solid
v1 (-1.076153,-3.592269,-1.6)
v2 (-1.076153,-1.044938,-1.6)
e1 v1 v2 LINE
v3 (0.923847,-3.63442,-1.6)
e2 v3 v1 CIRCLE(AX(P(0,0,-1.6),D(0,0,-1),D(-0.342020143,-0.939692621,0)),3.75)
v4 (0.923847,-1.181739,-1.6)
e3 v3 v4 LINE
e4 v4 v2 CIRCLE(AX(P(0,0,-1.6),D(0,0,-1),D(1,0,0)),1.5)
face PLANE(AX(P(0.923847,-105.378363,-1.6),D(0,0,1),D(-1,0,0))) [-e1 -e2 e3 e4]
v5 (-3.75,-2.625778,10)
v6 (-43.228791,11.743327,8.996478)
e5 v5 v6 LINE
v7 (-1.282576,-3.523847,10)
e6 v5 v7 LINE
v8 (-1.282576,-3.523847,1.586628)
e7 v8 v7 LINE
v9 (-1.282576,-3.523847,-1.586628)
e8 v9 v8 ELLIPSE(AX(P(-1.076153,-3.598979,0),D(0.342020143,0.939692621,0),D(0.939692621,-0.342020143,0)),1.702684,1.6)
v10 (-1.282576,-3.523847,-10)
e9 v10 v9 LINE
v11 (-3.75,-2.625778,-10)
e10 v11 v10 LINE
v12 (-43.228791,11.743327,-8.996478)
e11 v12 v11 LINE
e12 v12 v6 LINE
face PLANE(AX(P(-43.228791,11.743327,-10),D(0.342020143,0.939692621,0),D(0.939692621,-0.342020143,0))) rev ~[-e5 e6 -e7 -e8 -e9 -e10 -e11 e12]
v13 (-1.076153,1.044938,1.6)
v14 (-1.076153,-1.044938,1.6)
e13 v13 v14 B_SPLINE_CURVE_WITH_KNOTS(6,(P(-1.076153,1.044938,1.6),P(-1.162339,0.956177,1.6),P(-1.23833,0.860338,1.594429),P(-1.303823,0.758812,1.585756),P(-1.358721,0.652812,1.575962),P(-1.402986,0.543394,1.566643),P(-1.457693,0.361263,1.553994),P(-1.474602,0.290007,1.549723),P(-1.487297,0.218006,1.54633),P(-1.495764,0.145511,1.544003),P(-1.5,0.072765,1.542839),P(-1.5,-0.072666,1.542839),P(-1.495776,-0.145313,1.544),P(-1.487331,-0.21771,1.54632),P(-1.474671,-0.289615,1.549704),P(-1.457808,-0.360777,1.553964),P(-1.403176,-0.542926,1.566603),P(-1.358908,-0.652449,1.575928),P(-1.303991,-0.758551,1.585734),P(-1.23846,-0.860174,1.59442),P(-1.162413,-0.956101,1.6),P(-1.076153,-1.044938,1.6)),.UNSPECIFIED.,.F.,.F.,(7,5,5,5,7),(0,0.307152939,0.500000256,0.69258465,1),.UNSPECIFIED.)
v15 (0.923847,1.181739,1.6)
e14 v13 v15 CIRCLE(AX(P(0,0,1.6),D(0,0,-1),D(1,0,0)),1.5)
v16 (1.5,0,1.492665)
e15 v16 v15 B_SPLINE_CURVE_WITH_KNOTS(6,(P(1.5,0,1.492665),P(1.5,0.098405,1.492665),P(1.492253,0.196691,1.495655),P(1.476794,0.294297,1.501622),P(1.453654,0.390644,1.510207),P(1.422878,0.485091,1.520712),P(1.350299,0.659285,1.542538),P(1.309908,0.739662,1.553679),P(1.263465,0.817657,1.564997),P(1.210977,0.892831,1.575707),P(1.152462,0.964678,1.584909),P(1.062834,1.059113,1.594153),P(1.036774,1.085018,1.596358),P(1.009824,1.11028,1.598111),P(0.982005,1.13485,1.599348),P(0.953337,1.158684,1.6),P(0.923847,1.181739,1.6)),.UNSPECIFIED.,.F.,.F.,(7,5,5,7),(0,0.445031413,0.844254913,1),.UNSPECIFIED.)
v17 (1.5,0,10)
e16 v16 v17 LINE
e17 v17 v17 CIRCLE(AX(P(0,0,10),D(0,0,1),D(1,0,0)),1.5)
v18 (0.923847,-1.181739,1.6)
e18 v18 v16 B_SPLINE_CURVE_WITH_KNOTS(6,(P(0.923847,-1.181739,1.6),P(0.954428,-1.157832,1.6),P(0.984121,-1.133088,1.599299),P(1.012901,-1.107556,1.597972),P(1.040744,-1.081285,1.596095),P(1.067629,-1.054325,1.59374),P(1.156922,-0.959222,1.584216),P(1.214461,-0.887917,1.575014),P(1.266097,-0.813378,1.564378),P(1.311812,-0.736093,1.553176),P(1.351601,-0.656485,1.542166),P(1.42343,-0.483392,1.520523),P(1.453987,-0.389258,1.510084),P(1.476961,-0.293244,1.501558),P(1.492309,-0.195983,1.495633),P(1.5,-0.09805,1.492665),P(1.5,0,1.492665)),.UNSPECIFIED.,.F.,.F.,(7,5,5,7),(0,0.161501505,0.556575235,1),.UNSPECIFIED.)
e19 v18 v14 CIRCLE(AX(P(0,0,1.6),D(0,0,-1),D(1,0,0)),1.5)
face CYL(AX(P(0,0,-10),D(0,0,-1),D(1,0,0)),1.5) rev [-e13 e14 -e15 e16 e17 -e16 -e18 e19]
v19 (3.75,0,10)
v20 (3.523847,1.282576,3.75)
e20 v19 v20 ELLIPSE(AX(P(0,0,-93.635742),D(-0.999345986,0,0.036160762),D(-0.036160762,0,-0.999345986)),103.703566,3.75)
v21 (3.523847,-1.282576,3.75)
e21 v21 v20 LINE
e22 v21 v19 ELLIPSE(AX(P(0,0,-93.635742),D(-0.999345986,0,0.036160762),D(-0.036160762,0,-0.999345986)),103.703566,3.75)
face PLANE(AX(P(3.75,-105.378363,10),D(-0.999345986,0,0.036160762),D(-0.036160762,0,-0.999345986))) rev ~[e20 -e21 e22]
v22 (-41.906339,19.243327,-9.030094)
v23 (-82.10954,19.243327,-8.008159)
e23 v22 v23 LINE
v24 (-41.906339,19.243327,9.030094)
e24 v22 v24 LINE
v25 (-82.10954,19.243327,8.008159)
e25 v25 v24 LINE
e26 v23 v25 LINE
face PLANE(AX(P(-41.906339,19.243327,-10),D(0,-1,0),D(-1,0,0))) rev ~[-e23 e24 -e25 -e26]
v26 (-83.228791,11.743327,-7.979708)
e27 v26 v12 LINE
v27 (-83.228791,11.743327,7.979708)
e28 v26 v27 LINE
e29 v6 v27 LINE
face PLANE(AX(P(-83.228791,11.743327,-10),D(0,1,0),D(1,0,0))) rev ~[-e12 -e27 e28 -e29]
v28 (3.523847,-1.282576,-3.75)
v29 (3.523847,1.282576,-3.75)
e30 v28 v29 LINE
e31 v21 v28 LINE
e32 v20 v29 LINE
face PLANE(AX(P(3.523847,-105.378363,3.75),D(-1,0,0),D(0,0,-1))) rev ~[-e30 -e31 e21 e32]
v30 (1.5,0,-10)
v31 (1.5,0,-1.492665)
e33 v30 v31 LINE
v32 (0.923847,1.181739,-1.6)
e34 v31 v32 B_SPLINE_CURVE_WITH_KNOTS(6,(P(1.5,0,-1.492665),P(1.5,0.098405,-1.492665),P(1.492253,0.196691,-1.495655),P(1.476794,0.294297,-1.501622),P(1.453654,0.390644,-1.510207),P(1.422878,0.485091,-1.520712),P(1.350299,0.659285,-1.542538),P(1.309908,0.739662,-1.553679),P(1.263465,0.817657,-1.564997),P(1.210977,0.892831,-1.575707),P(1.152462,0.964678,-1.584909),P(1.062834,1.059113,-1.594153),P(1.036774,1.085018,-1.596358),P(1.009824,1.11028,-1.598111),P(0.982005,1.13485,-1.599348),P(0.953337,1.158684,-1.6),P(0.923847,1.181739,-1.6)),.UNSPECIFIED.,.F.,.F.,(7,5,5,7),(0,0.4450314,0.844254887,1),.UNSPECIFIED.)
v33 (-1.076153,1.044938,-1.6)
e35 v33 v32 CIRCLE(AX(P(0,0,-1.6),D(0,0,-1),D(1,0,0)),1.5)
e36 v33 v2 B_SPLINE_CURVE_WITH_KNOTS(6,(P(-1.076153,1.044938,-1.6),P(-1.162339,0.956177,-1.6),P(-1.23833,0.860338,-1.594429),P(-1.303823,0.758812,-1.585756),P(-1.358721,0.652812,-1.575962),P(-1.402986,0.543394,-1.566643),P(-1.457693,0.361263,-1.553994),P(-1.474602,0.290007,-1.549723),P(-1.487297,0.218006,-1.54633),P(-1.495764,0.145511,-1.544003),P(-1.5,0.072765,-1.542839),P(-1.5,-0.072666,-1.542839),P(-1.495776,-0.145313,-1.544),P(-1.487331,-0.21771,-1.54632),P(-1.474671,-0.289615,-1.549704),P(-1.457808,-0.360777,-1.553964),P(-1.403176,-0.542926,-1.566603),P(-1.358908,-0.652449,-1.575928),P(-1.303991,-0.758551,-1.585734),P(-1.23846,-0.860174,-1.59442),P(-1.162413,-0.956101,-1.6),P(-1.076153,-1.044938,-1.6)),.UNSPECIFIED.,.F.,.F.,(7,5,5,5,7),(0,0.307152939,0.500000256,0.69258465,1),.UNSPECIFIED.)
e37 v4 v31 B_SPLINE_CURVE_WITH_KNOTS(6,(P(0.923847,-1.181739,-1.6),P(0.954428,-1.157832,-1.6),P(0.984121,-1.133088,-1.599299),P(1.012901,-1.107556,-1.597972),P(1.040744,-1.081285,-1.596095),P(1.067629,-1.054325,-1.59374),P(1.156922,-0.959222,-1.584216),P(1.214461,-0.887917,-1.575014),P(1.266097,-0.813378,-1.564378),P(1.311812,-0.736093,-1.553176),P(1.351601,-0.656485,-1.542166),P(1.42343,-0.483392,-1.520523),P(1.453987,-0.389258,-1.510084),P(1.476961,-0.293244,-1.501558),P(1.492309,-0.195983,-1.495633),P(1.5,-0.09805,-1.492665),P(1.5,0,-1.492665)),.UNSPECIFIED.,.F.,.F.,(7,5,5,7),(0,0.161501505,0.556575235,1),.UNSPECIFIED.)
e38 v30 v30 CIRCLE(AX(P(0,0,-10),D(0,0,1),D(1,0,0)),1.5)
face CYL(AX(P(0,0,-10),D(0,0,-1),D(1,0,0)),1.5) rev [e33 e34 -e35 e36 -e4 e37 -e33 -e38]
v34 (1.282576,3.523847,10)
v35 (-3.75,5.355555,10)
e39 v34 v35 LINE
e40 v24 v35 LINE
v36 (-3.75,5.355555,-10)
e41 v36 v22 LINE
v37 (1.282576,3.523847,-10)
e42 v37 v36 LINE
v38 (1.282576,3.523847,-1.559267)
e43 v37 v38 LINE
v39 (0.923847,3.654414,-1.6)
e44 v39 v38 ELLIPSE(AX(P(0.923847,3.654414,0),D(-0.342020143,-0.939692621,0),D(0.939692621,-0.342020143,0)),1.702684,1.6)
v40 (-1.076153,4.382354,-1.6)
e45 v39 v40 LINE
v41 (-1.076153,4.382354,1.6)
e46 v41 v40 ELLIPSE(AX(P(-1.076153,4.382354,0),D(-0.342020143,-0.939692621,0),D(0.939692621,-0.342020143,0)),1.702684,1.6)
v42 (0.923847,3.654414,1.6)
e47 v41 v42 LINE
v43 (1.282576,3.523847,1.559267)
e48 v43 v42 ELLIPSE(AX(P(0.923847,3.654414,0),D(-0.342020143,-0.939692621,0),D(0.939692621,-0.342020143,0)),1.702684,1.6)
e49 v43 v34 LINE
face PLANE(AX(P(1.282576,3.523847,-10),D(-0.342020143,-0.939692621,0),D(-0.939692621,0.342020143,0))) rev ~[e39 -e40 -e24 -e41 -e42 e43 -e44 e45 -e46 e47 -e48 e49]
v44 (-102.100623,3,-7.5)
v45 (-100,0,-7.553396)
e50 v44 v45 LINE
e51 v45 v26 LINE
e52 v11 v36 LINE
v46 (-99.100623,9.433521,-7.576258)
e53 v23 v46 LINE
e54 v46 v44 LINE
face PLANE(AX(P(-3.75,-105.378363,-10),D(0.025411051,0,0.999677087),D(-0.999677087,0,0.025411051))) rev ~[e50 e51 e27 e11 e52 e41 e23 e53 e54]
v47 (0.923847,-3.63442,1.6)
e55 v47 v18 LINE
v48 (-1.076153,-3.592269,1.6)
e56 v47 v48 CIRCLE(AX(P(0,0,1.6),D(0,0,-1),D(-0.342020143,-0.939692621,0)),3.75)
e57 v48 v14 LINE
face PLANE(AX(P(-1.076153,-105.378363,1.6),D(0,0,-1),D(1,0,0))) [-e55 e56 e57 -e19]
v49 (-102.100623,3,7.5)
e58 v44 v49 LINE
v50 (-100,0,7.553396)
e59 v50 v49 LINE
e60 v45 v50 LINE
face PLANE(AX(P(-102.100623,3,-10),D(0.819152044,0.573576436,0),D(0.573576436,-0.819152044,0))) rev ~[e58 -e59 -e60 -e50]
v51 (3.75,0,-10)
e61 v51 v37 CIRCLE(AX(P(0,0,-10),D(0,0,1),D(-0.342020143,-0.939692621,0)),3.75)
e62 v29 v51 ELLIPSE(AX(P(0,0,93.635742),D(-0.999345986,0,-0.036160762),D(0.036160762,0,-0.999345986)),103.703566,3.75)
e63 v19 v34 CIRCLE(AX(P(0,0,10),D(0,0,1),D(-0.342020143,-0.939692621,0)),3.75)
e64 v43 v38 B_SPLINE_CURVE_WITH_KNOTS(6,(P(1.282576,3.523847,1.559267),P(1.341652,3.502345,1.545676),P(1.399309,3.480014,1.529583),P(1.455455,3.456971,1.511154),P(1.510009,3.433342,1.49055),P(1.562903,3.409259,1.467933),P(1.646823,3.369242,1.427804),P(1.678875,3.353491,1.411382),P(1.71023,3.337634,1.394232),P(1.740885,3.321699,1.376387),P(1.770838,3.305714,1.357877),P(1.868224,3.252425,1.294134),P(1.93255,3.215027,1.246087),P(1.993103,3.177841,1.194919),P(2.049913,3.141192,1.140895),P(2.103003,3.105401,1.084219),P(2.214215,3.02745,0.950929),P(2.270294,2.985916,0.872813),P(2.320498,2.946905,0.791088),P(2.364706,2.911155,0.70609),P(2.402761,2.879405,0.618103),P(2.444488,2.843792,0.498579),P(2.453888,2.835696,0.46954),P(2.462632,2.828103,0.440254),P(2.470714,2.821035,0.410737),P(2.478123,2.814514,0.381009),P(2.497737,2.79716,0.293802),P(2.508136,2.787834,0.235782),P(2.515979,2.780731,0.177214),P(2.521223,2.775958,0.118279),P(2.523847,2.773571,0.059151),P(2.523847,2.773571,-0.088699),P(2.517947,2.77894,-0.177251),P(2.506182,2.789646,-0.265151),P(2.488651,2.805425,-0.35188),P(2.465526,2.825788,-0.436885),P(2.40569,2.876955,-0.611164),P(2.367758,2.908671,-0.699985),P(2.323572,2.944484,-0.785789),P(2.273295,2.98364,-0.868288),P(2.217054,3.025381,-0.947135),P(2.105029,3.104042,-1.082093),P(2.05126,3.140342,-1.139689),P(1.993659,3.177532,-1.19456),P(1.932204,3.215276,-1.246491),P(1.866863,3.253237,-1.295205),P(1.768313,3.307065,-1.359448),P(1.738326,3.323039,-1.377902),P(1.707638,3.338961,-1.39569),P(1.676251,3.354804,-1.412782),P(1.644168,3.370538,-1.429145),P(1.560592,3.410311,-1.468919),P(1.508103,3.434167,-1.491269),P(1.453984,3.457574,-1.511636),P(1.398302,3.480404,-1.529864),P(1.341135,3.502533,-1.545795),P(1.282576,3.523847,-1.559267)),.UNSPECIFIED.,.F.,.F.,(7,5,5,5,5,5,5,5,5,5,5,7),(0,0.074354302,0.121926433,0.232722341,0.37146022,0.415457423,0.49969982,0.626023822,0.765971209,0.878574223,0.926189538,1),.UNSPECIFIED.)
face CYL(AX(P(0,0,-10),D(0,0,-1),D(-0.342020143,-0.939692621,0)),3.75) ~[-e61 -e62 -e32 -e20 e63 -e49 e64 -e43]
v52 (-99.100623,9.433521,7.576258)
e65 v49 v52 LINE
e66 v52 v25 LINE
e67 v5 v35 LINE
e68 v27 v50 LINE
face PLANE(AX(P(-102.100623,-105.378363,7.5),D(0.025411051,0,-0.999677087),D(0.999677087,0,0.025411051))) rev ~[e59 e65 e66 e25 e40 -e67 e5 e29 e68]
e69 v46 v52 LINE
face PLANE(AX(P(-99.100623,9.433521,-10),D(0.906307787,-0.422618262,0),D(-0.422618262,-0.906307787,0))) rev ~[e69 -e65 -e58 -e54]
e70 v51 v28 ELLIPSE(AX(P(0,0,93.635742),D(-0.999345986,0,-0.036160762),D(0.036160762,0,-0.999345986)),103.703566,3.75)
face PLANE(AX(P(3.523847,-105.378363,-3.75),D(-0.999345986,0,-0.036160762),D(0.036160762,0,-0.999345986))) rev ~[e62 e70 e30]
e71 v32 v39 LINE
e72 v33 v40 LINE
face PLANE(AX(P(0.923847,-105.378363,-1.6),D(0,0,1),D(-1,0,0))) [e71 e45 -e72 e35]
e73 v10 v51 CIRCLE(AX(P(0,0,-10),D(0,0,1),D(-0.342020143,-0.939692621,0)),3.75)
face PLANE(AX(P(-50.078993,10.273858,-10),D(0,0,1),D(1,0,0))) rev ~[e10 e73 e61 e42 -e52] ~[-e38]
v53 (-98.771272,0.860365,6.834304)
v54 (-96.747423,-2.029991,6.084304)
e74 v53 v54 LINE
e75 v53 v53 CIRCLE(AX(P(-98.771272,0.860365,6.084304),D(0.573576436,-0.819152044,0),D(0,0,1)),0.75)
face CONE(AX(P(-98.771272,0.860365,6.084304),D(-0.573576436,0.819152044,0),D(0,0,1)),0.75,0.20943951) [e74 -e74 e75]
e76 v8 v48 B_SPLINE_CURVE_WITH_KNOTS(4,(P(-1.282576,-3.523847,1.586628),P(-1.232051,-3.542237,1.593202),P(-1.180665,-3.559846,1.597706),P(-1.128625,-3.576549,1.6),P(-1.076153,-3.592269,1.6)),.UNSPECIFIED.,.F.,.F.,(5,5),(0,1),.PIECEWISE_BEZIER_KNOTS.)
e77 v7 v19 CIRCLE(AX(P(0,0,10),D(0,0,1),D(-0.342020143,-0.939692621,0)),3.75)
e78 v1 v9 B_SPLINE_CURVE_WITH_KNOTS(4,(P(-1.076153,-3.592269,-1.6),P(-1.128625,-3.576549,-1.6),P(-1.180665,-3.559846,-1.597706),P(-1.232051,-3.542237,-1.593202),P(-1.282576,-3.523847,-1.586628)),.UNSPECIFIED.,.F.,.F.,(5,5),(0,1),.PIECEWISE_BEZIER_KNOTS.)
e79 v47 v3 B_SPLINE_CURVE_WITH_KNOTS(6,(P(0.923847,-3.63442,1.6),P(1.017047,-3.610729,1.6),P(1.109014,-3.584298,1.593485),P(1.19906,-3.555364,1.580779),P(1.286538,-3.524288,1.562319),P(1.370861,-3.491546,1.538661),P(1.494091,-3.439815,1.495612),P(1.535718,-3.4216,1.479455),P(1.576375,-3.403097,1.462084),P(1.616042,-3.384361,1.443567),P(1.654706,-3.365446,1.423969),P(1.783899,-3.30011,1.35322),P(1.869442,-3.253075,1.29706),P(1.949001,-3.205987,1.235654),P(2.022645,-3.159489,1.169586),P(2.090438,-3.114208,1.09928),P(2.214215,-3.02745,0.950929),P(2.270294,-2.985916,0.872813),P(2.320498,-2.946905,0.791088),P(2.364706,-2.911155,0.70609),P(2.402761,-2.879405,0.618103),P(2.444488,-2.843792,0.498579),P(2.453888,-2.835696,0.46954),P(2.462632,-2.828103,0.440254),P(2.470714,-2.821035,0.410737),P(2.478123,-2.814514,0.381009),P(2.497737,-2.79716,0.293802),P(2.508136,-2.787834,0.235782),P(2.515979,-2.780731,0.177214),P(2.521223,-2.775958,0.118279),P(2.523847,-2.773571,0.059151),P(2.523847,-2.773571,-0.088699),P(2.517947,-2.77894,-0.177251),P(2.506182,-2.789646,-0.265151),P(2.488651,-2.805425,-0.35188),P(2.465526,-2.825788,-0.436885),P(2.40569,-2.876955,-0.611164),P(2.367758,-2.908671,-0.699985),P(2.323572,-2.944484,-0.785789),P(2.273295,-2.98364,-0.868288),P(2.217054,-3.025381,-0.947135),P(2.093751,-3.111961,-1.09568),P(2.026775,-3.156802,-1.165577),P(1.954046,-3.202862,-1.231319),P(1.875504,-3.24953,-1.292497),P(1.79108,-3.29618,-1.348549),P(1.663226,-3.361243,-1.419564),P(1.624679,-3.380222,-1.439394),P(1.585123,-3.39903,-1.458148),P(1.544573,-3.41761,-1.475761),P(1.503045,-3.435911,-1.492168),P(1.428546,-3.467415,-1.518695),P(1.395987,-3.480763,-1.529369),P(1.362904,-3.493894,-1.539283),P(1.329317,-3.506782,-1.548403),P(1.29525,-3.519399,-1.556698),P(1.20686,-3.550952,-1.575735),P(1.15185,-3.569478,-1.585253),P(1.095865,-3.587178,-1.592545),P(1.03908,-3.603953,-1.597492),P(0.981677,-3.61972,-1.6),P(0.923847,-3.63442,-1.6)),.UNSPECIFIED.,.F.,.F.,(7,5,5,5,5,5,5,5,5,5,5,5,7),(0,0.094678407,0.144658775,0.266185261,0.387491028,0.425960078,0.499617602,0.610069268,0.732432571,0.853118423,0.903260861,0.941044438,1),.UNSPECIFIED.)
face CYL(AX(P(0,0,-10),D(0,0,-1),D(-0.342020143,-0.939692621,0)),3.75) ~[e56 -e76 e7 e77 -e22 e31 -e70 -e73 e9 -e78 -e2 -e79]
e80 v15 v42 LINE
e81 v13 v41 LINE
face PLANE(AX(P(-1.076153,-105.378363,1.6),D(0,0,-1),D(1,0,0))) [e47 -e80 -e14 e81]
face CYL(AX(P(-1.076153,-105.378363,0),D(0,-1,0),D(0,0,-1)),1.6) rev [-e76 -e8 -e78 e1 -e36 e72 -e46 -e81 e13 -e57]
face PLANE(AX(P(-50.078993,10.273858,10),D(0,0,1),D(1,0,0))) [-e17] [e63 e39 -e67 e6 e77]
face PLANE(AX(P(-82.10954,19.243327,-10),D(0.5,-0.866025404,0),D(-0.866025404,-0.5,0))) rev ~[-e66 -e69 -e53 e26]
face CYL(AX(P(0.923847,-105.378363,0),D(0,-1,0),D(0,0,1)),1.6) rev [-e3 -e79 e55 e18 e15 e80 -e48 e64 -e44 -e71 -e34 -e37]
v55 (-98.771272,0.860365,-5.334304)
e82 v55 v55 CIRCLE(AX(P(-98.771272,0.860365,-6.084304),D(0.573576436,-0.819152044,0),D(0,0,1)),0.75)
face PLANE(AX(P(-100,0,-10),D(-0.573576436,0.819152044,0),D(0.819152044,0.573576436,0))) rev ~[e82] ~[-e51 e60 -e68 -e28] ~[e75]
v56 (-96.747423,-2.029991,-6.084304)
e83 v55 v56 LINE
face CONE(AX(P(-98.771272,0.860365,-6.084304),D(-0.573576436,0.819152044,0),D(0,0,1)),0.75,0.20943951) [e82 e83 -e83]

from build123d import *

# Parameters (mm, degrees)
BOSS_EXTRUDE2_DEPTH      = 10
BOSS_EXTRUDE2_DEPTH_BACK = 10
SKETCH3_R                = 1.5
TOP_FORM_DEPTH           = 105.378363468
TOP_FORM_DEPTH_BACK      = 105.378363468
SKETCH12_OUTSIDE_W       = 129.881
SKETCH12_OUTSIDE_H       = 44.03


with BuildPart() as part:
    # Sketch3 → Boss-Extrude2 (new, two sides: drawn at the far end of the back side and taken through both)
    with BuildSketch(Plane.XY.offset(-BOSS_EXTRUDE2_DEPTH_BACK)):
        with BuildLine():
            Line((1.282575537, 3.523847328), (-41.906339045, 19.243326686))
            Line((-41.906339045, 19.243326686), (-82.109540341, 19.243326686))
            Line((-82.109540341, 19.243326686), (-99.100622615, 9.433520762))
            Line((-99.100622615, 9.433520762), (-102.100622615, 3))
            Line((-102.100622615, 3), (-100, 0))
            Line((-100, 0), (-83.2287914, 11.743326686))
            Line((-83.2287914, 11.743326686), (-43.2287914, 11.743326686))
            Line((-43.2287914, 11.743326686), (-1.282575537, -3.523847328))
            ThreePointArc((-1.282575537, -3.523847328), (3.523847328, -1.282575537), (1.282575537, 3.523847328))
        make_face()
        Circle(SKETCH3_R, mode=Mode.SUBTRACT)
    extrude(amount=BOSS_EXTRUDE2_DEPTH + BOSS_EXTRUDE2_DEPTH_BACK)

    # Sketch12 outside → top-form (cut, two sides: drawn at the far end of the back side and taken through both)
    # profile 1 of 2: a face of its own
    with BuildSketch(Plane(origin=(0, 0, 0), x_dir=(1, 0, 0), z_dir=(0, 1, 0)).offset(-TOP_FORM_DEPTH_BACK)):
        with Locations((-49.1755, 0)):
            Rectangle(SKETCH12_OUTSIDE_W, SKETCH12_OUTSIDE_H)
        Polygon((3.523847328, -3.75), (3.523847328, 3.75), (3.75, 10), (-3.75, 10), (-102.100622615, 7.5), (-102.100622615, -7.5), (-3.75, -10), (3.75, -10), align=None, mode=Mode.SUBTRACT)
    # profile 2 of 2: a face of its own
    with BuildSketch(Plane(origin=(0, 0, 0), x_dir=(1, 0, 0), z_dir=(0, 1, 0)).offset(-TOP_FORM_DEPTH_BACK)):
        with BuildLine():
            ThreePointArc((0.923847328, -1.6), (2.523847328, 0), (0.923847328, 1.6))
            Line((0.923847328, 1.6), (-1.076152672, 1.6))
            ThreePointArc((-1.076152672, 1.6), (-2.676152672, 0), (-1.076152672, -1.6))
            Line((-1.076152672, -1.6), (0.923847328, -1.6))
        make_face()
    extrude(amount=TOP_FORM_DEPTH + TOP_FORM_DEPTH_BACK, mode=Mode.SUBTRACT)

    # spikes cone 1 section (through the dimple's axis) → spikes (revolve)
    with BuildSketch(Plane(origin=(-98.771271934, 0.860364655, 6.08430449), x_dir=(0, 0, 1), z_dir=(0.819152044, 0.573576436, 0))):
        Polygon((0, 0), (0.75, 0), (0, 3.528472582), align=None)
    revolve(axis=Axis((-98.771271934, 0.860364655, 6.08430449), (0.573576436, -0.819152044, 0)))

    # spikes cone 2 section (through the dimple's axis) → spikes cone 2 (revolve)
    with BuildSketch(Plane(origin=(-98.771271934, 0.860364655, -6.08430449), x_dir=(0, 0, 1), z_dir=(0.819152044, 0.573576436, 0))):
        Polygon((0, 0), (0.75, 0), (0, 3.528472582), align=None)
    revolve(axis=Axis((-98.771271934, 0.860364655, -6.08430449), (0.573576436, -0.819152044, 0)))


solid = part.part
